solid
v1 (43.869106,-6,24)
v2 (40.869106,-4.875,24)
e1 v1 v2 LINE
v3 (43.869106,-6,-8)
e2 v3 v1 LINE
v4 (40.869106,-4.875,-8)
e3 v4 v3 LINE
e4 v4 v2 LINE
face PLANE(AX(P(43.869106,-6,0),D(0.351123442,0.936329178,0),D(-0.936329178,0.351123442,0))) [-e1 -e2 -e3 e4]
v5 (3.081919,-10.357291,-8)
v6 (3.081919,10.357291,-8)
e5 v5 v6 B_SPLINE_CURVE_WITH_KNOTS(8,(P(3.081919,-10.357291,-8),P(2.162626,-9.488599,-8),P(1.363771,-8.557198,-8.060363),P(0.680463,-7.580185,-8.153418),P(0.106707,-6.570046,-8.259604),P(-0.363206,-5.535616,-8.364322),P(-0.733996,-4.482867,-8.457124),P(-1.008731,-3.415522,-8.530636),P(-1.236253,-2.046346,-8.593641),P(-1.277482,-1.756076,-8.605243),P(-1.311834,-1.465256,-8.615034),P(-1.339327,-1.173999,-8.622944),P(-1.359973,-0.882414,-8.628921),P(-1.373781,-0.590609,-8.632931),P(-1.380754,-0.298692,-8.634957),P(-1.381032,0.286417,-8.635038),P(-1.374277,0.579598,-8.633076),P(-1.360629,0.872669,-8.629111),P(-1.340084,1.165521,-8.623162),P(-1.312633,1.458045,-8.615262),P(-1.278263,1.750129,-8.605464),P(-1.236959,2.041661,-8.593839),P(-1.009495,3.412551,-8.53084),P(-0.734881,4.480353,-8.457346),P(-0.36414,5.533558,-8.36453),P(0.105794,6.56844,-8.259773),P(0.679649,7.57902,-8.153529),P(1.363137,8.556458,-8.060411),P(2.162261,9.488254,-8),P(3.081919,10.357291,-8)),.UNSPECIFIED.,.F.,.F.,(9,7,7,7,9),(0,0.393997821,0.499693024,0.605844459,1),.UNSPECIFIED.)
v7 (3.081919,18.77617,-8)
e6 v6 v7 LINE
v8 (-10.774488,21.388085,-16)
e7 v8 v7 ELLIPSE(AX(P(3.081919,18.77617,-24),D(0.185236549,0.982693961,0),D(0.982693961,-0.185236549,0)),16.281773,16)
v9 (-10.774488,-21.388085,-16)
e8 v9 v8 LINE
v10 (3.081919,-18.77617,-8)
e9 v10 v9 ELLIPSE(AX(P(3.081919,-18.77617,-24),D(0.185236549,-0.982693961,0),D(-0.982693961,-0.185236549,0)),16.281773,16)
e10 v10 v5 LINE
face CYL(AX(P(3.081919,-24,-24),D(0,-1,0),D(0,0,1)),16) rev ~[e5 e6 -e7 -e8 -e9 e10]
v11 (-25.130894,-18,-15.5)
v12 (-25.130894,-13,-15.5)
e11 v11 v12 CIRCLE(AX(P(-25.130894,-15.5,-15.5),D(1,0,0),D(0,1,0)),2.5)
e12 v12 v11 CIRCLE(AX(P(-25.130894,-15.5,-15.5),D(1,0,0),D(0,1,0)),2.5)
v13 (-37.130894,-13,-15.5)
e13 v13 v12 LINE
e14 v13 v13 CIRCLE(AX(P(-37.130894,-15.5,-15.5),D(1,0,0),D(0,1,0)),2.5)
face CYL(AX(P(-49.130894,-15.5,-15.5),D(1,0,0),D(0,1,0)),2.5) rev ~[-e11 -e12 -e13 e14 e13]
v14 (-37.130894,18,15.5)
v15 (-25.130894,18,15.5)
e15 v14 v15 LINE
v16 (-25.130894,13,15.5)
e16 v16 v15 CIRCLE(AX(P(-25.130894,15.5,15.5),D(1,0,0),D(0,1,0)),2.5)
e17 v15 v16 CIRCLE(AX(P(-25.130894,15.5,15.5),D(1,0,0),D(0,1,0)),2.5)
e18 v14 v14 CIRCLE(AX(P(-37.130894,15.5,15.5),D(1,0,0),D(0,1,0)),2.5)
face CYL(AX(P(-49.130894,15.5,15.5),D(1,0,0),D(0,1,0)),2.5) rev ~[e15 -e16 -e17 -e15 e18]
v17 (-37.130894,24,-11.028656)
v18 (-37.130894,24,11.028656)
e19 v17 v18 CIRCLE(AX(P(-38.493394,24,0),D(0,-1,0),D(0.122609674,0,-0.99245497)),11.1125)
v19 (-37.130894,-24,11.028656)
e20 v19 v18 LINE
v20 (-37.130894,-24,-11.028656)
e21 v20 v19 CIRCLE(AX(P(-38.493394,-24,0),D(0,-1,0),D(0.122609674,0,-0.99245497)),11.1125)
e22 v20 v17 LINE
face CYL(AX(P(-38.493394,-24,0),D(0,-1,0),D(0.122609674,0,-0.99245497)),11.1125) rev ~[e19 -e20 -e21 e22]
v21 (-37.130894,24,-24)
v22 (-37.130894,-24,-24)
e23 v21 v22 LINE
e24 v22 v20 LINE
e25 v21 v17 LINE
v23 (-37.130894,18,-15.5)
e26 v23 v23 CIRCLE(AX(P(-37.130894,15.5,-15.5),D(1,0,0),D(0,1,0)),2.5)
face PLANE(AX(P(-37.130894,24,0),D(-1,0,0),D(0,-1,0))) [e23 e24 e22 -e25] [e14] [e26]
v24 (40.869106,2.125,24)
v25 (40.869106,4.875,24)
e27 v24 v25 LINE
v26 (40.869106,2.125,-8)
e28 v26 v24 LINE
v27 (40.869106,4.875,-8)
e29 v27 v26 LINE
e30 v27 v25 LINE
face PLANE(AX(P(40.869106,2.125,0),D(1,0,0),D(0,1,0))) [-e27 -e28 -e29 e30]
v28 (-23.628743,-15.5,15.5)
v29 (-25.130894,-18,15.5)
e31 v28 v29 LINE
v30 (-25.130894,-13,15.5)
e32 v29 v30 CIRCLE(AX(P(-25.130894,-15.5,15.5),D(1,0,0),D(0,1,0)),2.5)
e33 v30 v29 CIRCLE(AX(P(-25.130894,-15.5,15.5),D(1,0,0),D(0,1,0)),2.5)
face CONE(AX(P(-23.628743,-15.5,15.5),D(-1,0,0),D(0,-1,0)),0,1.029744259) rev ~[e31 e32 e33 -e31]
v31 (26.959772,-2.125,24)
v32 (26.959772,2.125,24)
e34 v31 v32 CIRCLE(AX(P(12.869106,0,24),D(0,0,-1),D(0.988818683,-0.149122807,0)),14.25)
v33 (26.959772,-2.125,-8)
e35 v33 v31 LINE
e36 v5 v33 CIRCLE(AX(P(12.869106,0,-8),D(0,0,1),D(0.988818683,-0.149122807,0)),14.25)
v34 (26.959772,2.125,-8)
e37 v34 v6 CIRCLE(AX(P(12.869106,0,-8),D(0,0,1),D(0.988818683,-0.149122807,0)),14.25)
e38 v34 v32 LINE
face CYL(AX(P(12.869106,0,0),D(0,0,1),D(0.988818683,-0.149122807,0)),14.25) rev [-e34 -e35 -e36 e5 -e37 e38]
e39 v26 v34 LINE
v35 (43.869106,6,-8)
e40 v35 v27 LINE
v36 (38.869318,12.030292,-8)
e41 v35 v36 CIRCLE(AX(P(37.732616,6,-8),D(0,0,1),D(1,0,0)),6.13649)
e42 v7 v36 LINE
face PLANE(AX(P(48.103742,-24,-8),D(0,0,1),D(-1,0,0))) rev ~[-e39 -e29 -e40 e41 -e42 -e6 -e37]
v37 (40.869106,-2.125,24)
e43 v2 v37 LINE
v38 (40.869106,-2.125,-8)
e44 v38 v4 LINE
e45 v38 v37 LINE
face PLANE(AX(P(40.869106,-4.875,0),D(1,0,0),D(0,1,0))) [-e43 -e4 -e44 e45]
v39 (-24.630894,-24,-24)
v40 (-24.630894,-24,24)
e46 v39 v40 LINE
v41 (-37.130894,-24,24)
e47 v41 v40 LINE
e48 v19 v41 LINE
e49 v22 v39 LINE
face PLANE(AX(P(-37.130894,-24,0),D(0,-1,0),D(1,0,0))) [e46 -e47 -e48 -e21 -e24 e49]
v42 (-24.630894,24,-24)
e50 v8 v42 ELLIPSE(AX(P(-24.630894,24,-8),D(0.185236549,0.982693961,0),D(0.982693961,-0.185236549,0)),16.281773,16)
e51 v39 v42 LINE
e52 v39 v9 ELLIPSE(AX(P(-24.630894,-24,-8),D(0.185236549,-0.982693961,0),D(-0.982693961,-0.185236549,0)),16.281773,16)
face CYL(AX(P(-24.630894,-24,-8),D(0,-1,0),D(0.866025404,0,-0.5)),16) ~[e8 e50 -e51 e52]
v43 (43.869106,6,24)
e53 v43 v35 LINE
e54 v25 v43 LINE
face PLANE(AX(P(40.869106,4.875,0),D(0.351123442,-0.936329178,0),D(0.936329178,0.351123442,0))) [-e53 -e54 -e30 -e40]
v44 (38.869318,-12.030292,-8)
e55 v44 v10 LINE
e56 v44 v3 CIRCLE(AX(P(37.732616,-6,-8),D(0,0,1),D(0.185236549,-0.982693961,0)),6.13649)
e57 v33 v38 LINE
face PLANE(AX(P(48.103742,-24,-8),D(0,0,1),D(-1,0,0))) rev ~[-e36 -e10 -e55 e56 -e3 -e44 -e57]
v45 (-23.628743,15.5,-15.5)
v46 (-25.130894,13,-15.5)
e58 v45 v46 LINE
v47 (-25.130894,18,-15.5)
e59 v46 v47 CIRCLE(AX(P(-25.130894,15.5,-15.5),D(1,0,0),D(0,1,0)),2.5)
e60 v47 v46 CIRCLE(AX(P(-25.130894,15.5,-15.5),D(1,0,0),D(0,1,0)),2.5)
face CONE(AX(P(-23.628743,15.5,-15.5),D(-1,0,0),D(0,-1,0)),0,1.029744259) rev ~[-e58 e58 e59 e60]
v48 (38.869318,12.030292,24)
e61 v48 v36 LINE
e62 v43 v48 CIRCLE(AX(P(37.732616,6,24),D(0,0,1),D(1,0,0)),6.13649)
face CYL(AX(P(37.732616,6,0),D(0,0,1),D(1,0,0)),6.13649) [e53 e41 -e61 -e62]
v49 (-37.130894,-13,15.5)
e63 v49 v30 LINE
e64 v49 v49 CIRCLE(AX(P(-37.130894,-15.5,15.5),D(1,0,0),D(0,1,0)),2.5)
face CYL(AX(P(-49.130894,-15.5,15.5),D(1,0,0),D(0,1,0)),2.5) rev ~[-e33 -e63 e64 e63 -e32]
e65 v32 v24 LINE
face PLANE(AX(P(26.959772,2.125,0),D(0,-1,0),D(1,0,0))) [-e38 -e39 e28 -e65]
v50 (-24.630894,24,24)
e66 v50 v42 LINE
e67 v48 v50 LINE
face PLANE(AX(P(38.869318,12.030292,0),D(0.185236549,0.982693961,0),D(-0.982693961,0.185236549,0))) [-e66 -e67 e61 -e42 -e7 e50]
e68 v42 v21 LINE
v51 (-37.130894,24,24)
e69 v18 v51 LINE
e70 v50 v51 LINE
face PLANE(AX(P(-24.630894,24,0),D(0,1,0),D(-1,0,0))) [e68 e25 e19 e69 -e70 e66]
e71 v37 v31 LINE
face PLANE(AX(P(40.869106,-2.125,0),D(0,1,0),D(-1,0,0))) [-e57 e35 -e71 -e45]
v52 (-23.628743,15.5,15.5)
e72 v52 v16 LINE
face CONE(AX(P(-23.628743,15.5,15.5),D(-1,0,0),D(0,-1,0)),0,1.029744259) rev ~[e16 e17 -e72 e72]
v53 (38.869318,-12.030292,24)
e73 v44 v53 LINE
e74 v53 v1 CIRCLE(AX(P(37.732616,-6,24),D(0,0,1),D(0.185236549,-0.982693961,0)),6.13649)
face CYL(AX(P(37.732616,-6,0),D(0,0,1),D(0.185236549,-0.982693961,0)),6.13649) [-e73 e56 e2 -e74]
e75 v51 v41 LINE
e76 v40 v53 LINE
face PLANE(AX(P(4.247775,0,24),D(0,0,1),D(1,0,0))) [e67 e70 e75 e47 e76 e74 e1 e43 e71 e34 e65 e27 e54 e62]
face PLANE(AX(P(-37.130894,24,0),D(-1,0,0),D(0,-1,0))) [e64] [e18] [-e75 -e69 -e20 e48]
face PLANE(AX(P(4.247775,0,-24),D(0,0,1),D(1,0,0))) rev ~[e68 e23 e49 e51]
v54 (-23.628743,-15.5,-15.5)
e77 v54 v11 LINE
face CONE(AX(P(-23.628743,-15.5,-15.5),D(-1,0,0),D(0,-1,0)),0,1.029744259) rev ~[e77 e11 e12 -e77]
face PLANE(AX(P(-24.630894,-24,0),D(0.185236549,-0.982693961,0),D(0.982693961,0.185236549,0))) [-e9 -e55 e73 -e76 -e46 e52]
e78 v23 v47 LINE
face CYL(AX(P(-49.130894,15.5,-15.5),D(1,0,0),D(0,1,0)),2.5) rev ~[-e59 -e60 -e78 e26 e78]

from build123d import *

# Parameters (mm, degrees)
F1_DEPTH = 24
F3_DEPTH = 48
F5_DEPTH = 48
F7_D     = 5
F7_DEPTH = 12
F7_TIP   = 1.5021515476


with BuildPart() as f1:
    # F0 (on Top) → F1 (new body, symmetric)
    with BuildSketch(Plane.XY):
        with BuildLine():
            Line((-24.6308942474, 24), (-37.1308942474, 24))
            Line((-37.1308942474, 24), (-37.1308942474, 0))
            Line((-37.1308942474, 0), (-37.1308942474, -24))
            Line((-37.1308942474, -24), (-24.6308942474, -24))
            Line((-24.6308942474, -24), (38.8693180593, -12.0302915725))
            ThreePointArc((38.8693180593, -12.0302915725), (42.4565903396, -9.9167044), (43.8691057526, -6))
            Line((43.8691057526, -6), (40.8691057526, -4.875))
            Line((40.8691057526, -4.875), (40.8691057526, -2.125))
            Line((40.8691057526, -2.125), (26.9597719895, -2.125))
            ThreePointArc((26.9597719895, -2.125), (-1.3808942474, 0), (26.9597719895, 2.125))
            Line((26.9597719895, 2.125), (40.8691057526, 2.125))
            Line((40.8691057526, 2.125), (40.8691057526, 4.875))
            Line((40.8691057526, 4.875), (43.8691057526, 6))
            ThreePointArc((43.8691057526, 6), (42.4565903396, 9.9167044), (38.8693180593, 12.0302915725))
            Line((38.8693180593, 12.0302915725), (-24.6308942474, 24))
        make_face()
    extrude(amount=F1_DEPTH, both=True)

    # F2 (on face) → F3 (cut, through all)
    with BuildSketch(Plane.XZ.offset(24)):
        with BuildLine():
            ThreePointArc((-10.7744877868, -16), (-16.6308942474, -21.8564064606), (-24.6308942474, -24))
            Line((-24.6308942474, -24), (48.1037423015, -24))
            Line((48.1037423015, -24), (48.1037423015, -8))
            Line((48.1037423015, -8), (3.0819186737, -8))
            ThreePointArc((3.0819186737, -8), (-4.9180813263, -10.1435935394), (-10.7744877868, -16))
        make_face()
    extrude(amount=-F3_DEPTH, mode=Mode.SUBTRACT)

    # F4 (on face) → F5 (cut, through all)
    with BuildSketch(Plane.XZ.offset(24)):
        with BuildLine():
            Line((-37.1308942474, 11.0286558564), (-37.1308942474, -11.0286558564))
            ThreePointArc((-37.1308942474, -11.0286558564), (-27.3808942474, 0), (-37.1308942474, 11.0286558564))
        make_face()
    extrude(amount=-F5_DEPTH, mode=Mode.SUBTRACT)

    # F7
    with Locations(Plane(origin=(-37.1308942474, 0, 0), x_dir=(0, -1, 0), z_dir=(-1, 0, 0))):
        with Locations((-15.5, 15.5), (15.5, 15.5), (15.5, -15.5), (-15.5, -15.5)):
            Hole(F7_D / 2, depth=F7_DEPTH)
            with Locations((0, 0, -(F7_DEPTH + F7_TIP / 2))):  # 118° drill point
                Cone(0, F7_D / 2, F7_TIP, mode=Mode.SUBTRACT)


solid = f1.part
